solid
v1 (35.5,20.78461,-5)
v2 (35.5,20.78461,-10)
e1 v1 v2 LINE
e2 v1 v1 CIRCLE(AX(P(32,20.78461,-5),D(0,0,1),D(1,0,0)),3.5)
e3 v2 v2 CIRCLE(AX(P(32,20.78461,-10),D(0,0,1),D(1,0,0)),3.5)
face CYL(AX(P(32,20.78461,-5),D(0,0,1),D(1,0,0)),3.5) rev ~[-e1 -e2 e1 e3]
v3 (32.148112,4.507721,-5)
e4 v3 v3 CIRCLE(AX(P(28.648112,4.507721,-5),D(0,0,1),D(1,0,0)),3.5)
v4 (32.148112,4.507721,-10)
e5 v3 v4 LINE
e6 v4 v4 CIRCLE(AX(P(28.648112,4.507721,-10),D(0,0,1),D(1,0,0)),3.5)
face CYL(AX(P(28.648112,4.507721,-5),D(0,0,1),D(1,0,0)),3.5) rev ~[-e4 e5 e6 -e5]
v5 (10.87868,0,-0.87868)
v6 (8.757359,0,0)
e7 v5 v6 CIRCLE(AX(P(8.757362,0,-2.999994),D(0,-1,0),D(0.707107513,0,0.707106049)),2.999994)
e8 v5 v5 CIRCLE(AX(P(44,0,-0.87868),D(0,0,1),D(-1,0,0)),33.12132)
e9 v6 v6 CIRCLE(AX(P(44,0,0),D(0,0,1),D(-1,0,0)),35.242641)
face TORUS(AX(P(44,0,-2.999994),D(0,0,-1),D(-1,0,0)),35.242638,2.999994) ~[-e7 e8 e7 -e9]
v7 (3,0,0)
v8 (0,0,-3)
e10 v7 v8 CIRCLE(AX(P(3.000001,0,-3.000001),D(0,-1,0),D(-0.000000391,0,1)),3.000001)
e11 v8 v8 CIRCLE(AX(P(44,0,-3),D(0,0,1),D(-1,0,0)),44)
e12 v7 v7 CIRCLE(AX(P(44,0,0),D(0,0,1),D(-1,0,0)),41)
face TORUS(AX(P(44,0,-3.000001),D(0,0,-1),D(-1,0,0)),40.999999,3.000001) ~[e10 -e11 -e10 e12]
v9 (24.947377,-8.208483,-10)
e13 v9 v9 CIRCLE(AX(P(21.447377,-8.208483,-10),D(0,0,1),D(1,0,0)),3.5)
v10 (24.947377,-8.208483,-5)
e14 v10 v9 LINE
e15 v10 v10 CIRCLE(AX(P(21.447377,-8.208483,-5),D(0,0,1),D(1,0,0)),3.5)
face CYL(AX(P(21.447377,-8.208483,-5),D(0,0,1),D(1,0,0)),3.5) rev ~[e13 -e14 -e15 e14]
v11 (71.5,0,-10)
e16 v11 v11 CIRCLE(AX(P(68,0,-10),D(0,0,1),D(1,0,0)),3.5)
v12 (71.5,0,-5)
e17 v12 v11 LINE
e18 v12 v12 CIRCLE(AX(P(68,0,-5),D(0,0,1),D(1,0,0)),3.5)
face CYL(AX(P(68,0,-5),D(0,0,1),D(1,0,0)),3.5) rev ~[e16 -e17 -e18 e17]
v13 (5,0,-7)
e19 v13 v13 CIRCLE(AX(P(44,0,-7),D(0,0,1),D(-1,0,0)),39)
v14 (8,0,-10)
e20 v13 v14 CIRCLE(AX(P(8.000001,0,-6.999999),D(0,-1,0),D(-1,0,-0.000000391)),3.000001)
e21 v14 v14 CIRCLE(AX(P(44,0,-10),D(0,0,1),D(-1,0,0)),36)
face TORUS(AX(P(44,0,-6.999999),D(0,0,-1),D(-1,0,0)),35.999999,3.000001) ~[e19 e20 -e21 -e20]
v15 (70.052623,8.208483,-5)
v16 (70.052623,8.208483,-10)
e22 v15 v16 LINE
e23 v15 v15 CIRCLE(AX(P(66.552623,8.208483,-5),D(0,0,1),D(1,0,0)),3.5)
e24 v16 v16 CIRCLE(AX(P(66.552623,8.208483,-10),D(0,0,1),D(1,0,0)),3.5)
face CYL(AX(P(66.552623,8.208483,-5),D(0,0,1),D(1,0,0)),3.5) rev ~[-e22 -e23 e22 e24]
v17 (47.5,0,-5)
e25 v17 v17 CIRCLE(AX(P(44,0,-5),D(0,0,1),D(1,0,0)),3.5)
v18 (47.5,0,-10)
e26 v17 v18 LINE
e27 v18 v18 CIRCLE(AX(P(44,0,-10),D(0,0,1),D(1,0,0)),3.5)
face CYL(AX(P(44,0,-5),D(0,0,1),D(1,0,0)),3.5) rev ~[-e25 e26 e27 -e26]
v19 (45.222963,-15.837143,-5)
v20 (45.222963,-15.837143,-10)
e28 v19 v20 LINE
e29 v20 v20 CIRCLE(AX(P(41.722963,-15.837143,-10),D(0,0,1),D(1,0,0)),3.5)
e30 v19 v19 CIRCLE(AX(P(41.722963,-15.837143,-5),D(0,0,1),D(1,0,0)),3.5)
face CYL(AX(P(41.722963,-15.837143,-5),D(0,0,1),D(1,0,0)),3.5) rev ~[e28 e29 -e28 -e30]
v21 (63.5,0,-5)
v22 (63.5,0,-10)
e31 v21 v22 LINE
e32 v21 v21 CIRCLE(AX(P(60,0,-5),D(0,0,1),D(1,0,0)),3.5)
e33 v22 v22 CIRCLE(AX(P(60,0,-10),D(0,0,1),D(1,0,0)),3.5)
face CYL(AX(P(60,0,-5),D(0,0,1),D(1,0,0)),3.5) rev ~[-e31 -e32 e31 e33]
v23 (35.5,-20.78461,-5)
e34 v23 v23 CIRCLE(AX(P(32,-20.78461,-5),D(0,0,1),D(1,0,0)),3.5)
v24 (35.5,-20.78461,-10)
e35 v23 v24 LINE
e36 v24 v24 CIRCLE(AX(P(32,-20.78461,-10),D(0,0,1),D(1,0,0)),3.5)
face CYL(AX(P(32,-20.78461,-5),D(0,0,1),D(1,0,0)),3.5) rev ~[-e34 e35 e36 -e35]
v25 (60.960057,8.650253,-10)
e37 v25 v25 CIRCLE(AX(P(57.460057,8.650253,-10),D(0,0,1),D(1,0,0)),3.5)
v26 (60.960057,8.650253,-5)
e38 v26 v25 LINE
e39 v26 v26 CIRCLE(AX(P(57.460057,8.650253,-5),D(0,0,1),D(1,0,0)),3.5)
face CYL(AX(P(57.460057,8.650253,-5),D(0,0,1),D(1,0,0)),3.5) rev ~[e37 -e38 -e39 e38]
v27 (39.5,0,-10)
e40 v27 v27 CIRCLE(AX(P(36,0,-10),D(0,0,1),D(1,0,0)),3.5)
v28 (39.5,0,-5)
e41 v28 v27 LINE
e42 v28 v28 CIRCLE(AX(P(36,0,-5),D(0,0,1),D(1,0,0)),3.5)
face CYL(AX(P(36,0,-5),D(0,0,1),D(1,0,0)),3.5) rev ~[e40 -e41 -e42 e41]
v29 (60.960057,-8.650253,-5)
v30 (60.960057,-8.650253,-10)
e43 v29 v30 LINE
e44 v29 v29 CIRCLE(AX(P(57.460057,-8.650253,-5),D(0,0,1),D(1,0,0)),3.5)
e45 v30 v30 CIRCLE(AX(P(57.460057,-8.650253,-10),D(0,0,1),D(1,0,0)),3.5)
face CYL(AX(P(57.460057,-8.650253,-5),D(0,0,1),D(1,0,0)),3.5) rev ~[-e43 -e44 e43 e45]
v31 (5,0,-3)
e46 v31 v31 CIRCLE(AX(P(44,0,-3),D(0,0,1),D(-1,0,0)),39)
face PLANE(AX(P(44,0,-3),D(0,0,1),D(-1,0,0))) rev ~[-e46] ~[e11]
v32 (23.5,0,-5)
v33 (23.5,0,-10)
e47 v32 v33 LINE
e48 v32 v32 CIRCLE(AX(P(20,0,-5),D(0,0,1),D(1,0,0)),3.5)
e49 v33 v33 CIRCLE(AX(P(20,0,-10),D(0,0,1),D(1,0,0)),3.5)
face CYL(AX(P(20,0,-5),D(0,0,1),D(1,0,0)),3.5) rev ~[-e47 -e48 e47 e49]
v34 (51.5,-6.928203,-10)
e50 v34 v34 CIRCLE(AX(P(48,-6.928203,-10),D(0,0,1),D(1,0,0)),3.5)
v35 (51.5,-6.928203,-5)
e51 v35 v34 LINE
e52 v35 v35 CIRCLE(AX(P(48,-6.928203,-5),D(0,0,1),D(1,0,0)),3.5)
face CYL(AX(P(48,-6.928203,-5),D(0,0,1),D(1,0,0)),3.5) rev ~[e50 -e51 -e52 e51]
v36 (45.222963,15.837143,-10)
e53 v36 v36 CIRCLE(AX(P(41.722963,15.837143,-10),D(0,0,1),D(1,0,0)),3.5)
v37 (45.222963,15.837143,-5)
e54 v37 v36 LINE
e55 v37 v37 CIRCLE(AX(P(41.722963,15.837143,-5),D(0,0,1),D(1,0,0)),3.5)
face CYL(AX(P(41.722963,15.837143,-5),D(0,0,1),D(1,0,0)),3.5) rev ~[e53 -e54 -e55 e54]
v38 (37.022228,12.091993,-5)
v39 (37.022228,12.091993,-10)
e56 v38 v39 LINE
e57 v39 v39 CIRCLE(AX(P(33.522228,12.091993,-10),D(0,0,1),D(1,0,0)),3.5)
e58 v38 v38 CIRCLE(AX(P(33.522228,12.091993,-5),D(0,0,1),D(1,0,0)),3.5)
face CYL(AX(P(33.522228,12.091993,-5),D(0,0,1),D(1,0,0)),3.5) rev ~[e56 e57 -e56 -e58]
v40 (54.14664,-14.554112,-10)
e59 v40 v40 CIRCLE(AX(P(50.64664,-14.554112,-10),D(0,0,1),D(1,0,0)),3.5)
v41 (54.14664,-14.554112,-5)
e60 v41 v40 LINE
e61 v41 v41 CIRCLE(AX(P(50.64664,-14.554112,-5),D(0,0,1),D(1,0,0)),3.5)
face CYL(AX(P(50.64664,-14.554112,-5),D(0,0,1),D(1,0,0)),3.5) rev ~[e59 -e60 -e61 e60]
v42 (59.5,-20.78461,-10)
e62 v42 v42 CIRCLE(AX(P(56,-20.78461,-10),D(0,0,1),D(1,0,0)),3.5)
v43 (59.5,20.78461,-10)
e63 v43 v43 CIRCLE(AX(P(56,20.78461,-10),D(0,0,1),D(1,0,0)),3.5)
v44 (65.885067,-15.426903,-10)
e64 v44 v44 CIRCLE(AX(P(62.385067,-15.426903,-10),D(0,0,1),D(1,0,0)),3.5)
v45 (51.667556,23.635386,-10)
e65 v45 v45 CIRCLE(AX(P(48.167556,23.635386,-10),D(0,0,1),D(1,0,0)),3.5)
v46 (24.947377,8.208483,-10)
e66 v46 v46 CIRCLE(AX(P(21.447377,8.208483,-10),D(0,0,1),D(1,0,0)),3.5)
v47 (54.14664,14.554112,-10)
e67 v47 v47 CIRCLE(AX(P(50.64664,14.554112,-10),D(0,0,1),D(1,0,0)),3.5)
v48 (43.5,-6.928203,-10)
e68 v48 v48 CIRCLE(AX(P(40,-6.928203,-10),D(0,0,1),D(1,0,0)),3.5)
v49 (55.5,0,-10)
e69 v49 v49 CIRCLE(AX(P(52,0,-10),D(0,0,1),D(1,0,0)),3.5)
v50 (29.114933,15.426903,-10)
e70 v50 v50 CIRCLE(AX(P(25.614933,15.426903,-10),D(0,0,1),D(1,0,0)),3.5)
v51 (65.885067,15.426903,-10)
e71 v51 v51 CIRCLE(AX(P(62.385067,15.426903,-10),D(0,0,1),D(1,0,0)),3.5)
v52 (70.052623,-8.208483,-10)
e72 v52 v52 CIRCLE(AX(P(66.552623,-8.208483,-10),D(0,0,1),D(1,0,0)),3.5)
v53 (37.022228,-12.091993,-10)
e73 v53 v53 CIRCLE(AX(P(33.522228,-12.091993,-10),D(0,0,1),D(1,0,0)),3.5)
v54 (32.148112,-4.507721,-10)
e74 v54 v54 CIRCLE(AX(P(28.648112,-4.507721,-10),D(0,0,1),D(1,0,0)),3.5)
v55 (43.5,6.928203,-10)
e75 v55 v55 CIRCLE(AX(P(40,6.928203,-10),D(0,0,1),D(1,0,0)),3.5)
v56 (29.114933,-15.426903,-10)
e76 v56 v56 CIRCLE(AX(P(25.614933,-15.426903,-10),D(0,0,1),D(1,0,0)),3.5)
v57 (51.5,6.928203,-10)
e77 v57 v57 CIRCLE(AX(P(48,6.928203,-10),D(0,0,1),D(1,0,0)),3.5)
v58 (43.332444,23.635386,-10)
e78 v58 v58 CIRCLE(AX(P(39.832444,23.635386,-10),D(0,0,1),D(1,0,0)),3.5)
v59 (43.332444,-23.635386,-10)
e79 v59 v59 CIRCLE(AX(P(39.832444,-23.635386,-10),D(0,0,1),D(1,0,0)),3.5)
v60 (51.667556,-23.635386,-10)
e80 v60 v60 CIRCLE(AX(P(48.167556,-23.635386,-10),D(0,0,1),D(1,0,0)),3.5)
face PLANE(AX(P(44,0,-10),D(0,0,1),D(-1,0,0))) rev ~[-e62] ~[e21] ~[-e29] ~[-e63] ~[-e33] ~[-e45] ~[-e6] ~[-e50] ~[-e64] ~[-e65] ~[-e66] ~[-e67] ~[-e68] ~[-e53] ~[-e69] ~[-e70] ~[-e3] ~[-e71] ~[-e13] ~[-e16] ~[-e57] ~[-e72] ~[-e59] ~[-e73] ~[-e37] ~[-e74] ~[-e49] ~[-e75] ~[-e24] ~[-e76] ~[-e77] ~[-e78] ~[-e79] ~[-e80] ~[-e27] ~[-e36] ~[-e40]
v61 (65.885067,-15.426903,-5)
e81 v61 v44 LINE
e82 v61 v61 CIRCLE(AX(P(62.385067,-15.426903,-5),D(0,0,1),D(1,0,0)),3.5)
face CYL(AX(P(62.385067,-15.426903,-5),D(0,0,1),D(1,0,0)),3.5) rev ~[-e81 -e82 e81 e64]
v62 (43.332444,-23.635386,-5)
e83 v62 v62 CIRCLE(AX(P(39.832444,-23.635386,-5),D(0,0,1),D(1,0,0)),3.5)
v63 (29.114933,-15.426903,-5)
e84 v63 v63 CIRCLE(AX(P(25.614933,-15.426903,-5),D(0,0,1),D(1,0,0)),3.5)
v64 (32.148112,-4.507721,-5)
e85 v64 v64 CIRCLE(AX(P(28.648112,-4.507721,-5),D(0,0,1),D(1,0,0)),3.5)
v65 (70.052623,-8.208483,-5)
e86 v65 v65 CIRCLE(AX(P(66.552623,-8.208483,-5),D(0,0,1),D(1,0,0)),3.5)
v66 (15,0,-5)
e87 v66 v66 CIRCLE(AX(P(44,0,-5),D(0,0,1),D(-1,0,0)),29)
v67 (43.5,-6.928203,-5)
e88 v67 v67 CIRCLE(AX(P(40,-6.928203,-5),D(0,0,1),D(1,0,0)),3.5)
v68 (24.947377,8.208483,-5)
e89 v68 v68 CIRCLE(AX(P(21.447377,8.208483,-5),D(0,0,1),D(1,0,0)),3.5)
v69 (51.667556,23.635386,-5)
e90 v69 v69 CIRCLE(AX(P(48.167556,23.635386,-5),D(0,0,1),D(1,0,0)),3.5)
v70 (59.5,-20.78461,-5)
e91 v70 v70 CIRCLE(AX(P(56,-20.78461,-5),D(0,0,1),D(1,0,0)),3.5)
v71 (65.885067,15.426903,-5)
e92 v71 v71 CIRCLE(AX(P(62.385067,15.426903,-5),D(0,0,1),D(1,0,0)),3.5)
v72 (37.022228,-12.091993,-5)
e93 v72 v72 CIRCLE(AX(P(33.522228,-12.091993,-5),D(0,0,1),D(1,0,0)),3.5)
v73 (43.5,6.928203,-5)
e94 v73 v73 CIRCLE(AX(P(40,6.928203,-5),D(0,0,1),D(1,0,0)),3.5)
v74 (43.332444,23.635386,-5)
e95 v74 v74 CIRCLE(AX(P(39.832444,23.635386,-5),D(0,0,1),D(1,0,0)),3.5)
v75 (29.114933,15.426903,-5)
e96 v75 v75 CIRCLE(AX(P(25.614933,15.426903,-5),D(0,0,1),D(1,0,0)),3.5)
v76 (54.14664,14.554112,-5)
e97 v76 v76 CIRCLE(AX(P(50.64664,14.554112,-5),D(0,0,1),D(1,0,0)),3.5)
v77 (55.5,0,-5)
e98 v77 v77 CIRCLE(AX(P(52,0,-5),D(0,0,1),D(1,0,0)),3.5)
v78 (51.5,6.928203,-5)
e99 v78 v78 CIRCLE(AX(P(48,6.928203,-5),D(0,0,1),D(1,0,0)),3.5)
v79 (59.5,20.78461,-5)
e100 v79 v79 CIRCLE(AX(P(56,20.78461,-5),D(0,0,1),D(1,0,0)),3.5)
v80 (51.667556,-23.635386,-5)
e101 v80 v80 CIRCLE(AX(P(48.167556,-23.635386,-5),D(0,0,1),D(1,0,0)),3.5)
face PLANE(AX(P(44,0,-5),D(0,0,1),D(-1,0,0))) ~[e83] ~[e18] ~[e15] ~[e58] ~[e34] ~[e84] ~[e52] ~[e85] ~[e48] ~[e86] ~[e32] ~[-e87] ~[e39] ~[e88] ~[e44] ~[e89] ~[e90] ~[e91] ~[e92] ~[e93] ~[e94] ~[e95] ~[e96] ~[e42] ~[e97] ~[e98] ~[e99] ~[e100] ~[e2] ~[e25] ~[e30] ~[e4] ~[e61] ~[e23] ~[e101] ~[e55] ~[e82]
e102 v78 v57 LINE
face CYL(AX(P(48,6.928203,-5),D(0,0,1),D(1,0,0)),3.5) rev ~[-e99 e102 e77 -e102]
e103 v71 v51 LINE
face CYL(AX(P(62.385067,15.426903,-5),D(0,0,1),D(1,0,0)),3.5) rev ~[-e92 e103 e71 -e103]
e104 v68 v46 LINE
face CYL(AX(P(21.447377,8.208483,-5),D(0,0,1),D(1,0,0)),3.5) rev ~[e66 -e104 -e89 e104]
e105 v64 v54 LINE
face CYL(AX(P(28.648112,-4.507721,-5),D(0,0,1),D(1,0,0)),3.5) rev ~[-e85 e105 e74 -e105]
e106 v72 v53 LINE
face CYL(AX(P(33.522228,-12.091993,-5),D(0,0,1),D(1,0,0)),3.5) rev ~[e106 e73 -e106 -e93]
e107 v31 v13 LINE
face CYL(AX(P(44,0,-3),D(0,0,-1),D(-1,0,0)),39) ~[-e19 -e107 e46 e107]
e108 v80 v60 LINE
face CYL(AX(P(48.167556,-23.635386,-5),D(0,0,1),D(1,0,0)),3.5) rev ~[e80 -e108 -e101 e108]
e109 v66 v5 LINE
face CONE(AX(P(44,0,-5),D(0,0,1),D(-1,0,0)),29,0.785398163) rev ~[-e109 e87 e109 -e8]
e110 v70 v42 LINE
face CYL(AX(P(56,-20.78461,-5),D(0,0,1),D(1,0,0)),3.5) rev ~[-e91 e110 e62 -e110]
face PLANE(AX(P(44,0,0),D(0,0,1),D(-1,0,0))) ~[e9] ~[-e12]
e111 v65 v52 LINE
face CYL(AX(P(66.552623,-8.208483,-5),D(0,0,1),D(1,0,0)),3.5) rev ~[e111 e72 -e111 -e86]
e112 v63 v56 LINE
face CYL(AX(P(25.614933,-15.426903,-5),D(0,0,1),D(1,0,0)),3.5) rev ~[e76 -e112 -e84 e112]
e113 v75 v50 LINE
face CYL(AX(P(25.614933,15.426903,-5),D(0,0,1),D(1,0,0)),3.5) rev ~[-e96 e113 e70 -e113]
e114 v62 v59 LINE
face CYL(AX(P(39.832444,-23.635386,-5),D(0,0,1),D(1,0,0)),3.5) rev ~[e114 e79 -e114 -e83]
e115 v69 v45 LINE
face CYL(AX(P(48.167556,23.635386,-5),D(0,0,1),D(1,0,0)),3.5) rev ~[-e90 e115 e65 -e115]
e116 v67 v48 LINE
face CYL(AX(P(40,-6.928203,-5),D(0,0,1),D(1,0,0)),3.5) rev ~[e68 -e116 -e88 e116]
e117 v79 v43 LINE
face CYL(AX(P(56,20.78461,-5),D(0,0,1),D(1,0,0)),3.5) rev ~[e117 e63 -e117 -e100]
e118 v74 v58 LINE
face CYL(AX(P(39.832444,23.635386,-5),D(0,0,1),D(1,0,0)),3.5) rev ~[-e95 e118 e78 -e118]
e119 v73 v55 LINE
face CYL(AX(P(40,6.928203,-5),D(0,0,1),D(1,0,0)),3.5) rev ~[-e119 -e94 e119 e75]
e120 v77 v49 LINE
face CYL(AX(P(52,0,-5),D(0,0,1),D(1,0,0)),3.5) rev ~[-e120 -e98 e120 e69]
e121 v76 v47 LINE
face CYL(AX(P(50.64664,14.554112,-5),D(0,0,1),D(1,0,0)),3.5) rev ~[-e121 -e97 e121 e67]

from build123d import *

# Parameters (mm, degrees)
F2_R     = 3.5
F3_DEPTH = 5


with BuildPart() as f1:
    # F0 (on Front) → F1 (revolve)
    with BuildSketch(Plane.XZ):
        with BuildLine():
            ThreePointArc((3, 0), (0.87868, -0.87868), (0, -3))
            Line((0, -3), (5, -3))
            Line((5, -3), (5, -7))
            ThreePointArc((5, -7), (5.87868, -9.12132), (8, -10))
            Line((8, -10), (44, -10))
            Line((44, -10), (44, -5))
            Line((44, -5), (15, -5))
            Line((15, -5), (10.87868, -0.87868))
            ThreePointArc((10.87868, -0.87868), (9.90541, -0.228361), (8.757359, 0))
            Line((8.757359, 0), (3, 0))
        make_face()
    revolve(axis=Axis((44, 0, 0.35411), (0, 0, 1)))

    # F2 (on face) → F3 (cut, through all)
    with BuildSketch(Plane.XY.offset(-5)):
        with Locations((44, 0)):
            Circle(F2_R)
        with Locations((52, 0)):
            Circle(F2_R)
        with Locations((60, 0)):
            Circle(F2_R)
        with Locations((68, 0)):
            Circle(F2_R)
        with Locations((48, 6.928203)):
            Circle(F2_R)
        with Locations((40, 6.928203)):
            Circle(F2_R)
        with Locations((36, 0)):
            Circle(F2_R)
        with Locations((40, -6.928203)):
            Circle(F2_R)
        with Locations((48, -6.928203)):
            Circle(F2_R)
        with Locations((57.460057, 8.650253)):
            Circle(F2_R)
        with Locations((50.64664, 14.554112)):
            Circle(F2_R)
        with Locations((41.722963, 15.837143)):
            Circle(F2_R)
        with Locations((33.522228, 12.091993)):
            Circle(F2_R)
        with Locations((28.648112, 4.507721)):
            Circle(F2_R)
        with Locations((28.648112, -4.507721)):
            Circle(F2_R)
        with Locations((33.522228, -12.091993)):
            Circle(F2_R)
        with Locations((41.722963, -15.837143)):
            Circle(F2_R)
        with Locations((50.64664, -14.554112)):
            Circle(F2_R)
        with Locations((57.460057, -8.650253)):
            Circle(F2_R)
        with Locations((66.552623, 8.208483)):
            Circle(F2_R)
        with Locations((62.385067, 15.426903)):
            Circle(F2_R)
        with Locations((56, 20.78461)):
            Circle(F2_R)
        with Locations((48.167556, 23.635386)):
            Circle(F2_R)
        with Locations((39.832444, 23.635386)):
            Circle(F2_R)
        with Locations((32, 20.78461)):
            Circle(F2_R)
        with Locations((25.614933, 15.426903)):
            Circle(F2_R)
        with Locations((21.447377, 8.208483)):
            Circle(F2_R)
        with Locations((20, 0)):
            Circle(F2_R)
        with Locations((21.447377, -8.208483)):
            Circle(F2_R)
        with Locations((25.614933, -15.426903)):
            Circle(F2_R)
        with Locations((32, -20.78461)):
            Circle(F2_R)
        with Locations((39.832444, -23.635386)):
            Circle(F2_R)
        with Locations((48.167556, -23.635386)):
            Circle(F2_R)
        with Locations((56, -20.78461)):
            Circle(F2_R)
        with Locations((62.385067, -15.426903)):
            Circle(F2_R)
        with Locations((66.552623, -8.208483)):
            Circle(F2_R)
    extrude(amount=-F3_DEPTH, mode=Mode.SUBTRACT)


solid = f1.part
